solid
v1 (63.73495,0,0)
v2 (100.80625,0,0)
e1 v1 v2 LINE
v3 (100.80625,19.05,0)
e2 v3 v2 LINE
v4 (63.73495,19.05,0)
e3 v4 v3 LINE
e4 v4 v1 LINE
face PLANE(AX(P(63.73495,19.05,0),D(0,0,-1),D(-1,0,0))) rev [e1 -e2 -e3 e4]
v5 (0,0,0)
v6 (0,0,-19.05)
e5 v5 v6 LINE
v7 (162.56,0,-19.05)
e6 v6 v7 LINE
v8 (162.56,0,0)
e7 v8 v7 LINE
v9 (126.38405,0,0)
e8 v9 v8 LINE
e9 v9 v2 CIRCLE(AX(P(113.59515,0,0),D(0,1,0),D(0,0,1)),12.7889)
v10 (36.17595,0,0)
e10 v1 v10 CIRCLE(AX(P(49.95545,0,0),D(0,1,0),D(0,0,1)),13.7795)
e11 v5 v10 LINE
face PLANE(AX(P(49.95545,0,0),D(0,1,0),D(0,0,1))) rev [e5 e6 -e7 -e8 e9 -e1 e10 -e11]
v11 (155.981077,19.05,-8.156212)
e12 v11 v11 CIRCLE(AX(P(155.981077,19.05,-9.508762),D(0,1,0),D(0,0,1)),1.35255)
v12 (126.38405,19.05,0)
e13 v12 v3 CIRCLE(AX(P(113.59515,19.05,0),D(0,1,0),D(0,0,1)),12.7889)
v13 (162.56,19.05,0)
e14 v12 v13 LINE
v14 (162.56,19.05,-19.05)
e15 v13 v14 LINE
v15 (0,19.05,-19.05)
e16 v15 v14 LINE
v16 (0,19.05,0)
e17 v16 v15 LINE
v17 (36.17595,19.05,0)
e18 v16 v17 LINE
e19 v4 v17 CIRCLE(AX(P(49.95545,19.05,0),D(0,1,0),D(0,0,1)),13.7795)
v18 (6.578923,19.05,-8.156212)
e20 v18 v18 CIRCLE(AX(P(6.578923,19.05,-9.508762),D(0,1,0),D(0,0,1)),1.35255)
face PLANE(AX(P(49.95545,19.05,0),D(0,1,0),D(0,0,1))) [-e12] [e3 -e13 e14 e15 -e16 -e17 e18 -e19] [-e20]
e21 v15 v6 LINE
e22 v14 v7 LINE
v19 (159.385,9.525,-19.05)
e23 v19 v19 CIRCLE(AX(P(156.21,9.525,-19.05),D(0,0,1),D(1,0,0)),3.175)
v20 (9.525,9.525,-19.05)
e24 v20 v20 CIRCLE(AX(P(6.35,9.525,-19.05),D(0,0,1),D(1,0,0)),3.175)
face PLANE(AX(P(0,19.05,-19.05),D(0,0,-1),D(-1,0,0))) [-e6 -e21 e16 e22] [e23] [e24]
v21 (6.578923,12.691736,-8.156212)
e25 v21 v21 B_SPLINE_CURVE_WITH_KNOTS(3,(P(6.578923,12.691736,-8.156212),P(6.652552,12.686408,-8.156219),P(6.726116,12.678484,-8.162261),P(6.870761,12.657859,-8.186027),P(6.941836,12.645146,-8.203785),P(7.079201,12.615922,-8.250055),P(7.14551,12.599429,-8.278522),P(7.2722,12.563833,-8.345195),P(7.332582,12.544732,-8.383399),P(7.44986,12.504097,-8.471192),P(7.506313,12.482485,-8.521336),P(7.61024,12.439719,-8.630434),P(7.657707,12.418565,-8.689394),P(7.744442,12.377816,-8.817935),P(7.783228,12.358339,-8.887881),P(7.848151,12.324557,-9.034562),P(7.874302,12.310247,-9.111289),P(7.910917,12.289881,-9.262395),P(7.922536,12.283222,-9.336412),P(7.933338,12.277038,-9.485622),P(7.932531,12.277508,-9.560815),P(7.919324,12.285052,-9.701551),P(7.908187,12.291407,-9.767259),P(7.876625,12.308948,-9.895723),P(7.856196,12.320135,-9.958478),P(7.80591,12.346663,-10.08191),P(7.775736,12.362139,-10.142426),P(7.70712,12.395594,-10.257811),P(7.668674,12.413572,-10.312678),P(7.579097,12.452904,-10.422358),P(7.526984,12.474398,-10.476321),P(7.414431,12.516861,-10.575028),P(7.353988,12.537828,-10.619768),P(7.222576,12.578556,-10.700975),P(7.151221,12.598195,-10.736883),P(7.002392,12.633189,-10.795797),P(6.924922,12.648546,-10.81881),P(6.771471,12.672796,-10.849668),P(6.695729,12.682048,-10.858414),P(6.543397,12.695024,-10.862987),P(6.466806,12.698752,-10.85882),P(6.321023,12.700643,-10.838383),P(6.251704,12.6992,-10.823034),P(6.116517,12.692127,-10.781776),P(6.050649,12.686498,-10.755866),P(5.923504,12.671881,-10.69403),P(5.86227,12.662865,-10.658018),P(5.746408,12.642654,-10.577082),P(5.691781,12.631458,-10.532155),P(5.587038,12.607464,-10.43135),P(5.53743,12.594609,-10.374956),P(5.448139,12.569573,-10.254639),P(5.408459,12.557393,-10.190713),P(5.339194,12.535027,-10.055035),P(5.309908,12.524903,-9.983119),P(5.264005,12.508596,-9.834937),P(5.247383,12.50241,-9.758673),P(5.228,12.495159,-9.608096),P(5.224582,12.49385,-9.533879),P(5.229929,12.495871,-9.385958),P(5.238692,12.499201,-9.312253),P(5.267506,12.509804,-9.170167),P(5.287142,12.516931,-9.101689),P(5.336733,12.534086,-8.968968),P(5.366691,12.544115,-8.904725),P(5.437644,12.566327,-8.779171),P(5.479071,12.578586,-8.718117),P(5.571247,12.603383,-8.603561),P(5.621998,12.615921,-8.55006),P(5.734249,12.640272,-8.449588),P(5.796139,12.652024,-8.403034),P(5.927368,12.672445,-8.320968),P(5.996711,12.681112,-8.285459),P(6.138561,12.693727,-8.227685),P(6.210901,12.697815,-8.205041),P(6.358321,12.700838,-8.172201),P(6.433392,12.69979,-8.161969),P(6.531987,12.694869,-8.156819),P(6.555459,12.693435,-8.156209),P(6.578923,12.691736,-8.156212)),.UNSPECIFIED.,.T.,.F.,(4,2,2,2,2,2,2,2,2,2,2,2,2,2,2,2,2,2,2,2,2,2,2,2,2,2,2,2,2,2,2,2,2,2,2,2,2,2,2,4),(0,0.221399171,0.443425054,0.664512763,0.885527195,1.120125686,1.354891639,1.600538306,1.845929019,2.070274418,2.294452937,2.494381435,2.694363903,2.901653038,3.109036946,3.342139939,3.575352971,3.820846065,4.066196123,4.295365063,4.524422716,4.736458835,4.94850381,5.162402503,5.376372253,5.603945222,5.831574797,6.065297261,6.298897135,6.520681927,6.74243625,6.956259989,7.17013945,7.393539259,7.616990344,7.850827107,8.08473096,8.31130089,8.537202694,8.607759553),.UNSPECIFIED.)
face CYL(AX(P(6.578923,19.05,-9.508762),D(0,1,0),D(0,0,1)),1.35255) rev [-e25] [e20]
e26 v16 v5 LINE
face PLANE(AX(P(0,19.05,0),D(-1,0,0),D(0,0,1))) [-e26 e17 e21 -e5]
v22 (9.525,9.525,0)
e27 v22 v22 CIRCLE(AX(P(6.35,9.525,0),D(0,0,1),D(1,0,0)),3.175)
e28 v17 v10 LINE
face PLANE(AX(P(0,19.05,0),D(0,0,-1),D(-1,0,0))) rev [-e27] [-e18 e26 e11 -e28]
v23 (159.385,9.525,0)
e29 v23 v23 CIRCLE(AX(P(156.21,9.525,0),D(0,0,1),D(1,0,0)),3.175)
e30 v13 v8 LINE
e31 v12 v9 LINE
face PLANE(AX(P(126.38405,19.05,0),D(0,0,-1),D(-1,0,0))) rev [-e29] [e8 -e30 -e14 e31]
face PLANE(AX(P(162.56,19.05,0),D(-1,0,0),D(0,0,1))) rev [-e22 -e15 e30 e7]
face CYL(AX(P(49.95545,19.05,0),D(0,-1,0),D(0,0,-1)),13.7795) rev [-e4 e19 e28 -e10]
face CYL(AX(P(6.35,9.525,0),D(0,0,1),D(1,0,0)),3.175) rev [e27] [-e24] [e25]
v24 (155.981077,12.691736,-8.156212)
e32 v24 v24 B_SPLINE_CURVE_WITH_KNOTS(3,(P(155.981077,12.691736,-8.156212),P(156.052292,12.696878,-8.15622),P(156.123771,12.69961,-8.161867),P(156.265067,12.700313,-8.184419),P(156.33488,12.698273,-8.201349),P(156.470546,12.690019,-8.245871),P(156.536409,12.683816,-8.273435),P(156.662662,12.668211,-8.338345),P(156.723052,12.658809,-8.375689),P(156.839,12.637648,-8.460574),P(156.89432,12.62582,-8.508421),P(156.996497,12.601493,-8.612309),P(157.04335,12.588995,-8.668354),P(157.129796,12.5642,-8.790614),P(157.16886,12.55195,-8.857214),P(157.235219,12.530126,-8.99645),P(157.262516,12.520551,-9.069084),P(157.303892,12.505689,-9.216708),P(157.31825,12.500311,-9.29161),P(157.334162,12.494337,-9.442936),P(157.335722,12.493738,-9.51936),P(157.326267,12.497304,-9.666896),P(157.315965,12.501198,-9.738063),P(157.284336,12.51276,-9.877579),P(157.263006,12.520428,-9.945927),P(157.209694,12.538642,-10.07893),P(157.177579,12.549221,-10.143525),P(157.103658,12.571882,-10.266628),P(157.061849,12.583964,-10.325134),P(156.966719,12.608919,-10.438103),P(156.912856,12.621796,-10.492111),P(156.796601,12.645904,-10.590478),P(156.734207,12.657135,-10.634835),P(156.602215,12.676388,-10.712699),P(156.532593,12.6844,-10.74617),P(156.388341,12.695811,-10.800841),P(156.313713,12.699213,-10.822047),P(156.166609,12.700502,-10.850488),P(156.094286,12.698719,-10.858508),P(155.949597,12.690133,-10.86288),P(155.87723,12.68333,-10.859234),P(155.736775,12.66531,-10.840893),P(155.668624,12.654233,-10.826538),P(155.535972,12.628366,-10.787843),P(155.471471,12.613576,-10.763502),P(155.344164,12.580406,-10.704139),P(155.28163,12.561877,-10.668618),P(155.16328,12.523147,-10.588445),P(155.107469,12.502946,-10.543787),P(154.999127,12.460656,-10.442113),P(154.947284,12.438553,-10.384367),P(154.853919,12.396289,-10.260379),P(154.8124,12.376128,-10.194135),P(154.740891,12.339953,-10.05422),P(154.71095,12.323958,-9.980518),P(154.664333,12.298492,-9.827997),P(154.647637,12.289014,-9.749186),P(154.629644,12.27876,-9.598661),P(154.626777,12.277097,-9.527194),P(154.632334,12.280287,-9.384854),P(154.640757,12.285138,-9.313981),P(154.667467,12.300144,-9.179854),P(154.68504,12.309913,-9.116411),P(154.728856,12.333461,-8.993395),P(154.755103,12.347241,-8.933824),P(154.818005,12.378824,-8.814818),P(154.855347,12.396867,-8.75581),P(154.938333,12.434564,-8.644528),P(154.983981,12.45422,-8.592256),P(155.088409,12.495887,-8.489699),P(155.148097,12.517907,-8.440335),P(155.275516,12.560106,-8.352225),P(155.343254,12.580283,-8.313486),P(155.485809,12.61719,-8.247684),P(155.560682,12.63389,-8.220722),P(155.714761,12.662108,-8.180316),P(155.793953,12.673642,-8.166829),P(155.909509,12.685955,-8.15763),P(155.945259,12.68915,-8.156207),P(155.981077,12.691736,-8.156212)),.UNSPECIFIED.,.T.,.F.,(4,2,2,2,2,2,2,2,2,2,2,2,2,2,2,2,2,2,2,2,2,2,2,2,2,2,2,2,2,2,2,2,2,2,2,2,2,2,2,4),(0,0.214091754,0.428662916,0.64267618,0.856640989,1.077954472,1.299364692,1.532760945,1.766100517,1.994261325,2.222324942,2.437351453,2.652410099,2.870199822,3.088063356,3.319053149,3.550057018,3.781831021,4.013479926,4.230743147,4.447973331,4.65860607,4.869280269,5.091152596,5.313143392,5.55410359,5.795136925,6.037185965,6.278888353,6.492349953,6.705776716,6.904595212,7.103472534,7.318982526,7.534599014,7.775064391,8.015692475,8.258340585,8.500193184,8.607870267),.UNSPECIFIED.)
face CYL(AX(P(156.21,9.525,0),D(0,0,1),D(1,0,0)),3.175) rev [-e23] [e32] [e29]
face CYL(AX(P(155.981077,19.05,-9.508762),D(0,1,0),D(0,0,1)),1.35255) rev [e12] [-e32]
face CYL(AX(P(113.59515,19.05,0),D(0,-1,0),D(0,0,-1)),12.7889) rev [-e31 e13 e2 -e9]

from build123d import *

# Parameters (mm, degrees)
BOSS_EXTRUDE3_DEPTH         = 19.05
F_1_4_0_25_DIAMETER_HOLE1_D = 6.35
F_6_32_TAPPED_HOLE1_REACH   = 166.777
F_6_32_TAPPED_HOLE1_BORE_R  = 1.35255


with BuildPart() as part:
    # Sketch1 → Boss-Extrude3 (new body)
    with BuildSketch(Plane(origin=(0, 0, 0), x_dir=(1, 0, 0), z_dir=(0, 1, 0))):
        with BuildLine():
            Line((63.73495, 0), (100.80625, 0))
            ThreePointArc((100.80625, 0), (113.59515, 12.7889), (126.38405, 0))
            Line((126.38405, 0), (162.56, 0))
            Line((162.56, 0), (162.56, 19.05))
            Line((162.56, 19.05), (0, 19.05))
            Line((0, 19.05), (0, 0))
            Line((0, 0), (36.17595, 0))
            ThreePointArc((36.17595, 0), (49.95545, 13.7795), (63.73495, 0))
        make_face()
    extrude(amount=BOSS_EXTRUDE3_DEPTH)

    # 1/4 (0.25) Diameter Hole1 (through all)
    with Locations(Plane.XY):
        with Locations((6.35, 9.525)):
            f_1_4_0_25_diameter_hole1 = Hole(F_1_4_0_25_DIAMETER_HOLE1_D / 2)

    # #6-32 Tapped Hole1 bore → #6-32 Tapped Hole1 (cut, up to next)
    with BuildSketch(Plane(origin=(0, 19.05, 0), x_dir=(1, 0, 0), z_dir=(0, 1, 0)), mode=Mode.PRIVATE) as f_6_32_tapped_hole1_sk1:
        with Locations((6.578923223, 9.508761569)):
            Circle(F_6_32_TAPPED_HOLE1_BORE_R)
    f_6_32_tapped_hole1_tool1 = extrude(f_6_32_tapped_hole1_sk1.sketch, amount=-F_6_32_TAPPED_HOLE1_REACH, mode=Mode.PRIVATE) & part.part
    f_6_32_tapped_hole1 = f_6_32_tapped_hole1_tool1.solids().sort_by_distance((6.578923, 19.05, -9.508762))[0]
    add(f_6_32_tapped_hole1, mode=Mode.SUBTRACT)

    # Mirror1: 1/4 (0.25) Diameter Hole1, #6-32 Tapped Hole1 across plane
    add(f_1_4_0_25_diameter_hole1.mirror(Plane.ZY.offset(-81.28)), mode=Mode.SUBTRACT)
    add(f_6_32_tapped_hole1.mirror(Plane.ZY.offset(-81.28)), mode=Mode.SUBTRACT)


solid = part.part
